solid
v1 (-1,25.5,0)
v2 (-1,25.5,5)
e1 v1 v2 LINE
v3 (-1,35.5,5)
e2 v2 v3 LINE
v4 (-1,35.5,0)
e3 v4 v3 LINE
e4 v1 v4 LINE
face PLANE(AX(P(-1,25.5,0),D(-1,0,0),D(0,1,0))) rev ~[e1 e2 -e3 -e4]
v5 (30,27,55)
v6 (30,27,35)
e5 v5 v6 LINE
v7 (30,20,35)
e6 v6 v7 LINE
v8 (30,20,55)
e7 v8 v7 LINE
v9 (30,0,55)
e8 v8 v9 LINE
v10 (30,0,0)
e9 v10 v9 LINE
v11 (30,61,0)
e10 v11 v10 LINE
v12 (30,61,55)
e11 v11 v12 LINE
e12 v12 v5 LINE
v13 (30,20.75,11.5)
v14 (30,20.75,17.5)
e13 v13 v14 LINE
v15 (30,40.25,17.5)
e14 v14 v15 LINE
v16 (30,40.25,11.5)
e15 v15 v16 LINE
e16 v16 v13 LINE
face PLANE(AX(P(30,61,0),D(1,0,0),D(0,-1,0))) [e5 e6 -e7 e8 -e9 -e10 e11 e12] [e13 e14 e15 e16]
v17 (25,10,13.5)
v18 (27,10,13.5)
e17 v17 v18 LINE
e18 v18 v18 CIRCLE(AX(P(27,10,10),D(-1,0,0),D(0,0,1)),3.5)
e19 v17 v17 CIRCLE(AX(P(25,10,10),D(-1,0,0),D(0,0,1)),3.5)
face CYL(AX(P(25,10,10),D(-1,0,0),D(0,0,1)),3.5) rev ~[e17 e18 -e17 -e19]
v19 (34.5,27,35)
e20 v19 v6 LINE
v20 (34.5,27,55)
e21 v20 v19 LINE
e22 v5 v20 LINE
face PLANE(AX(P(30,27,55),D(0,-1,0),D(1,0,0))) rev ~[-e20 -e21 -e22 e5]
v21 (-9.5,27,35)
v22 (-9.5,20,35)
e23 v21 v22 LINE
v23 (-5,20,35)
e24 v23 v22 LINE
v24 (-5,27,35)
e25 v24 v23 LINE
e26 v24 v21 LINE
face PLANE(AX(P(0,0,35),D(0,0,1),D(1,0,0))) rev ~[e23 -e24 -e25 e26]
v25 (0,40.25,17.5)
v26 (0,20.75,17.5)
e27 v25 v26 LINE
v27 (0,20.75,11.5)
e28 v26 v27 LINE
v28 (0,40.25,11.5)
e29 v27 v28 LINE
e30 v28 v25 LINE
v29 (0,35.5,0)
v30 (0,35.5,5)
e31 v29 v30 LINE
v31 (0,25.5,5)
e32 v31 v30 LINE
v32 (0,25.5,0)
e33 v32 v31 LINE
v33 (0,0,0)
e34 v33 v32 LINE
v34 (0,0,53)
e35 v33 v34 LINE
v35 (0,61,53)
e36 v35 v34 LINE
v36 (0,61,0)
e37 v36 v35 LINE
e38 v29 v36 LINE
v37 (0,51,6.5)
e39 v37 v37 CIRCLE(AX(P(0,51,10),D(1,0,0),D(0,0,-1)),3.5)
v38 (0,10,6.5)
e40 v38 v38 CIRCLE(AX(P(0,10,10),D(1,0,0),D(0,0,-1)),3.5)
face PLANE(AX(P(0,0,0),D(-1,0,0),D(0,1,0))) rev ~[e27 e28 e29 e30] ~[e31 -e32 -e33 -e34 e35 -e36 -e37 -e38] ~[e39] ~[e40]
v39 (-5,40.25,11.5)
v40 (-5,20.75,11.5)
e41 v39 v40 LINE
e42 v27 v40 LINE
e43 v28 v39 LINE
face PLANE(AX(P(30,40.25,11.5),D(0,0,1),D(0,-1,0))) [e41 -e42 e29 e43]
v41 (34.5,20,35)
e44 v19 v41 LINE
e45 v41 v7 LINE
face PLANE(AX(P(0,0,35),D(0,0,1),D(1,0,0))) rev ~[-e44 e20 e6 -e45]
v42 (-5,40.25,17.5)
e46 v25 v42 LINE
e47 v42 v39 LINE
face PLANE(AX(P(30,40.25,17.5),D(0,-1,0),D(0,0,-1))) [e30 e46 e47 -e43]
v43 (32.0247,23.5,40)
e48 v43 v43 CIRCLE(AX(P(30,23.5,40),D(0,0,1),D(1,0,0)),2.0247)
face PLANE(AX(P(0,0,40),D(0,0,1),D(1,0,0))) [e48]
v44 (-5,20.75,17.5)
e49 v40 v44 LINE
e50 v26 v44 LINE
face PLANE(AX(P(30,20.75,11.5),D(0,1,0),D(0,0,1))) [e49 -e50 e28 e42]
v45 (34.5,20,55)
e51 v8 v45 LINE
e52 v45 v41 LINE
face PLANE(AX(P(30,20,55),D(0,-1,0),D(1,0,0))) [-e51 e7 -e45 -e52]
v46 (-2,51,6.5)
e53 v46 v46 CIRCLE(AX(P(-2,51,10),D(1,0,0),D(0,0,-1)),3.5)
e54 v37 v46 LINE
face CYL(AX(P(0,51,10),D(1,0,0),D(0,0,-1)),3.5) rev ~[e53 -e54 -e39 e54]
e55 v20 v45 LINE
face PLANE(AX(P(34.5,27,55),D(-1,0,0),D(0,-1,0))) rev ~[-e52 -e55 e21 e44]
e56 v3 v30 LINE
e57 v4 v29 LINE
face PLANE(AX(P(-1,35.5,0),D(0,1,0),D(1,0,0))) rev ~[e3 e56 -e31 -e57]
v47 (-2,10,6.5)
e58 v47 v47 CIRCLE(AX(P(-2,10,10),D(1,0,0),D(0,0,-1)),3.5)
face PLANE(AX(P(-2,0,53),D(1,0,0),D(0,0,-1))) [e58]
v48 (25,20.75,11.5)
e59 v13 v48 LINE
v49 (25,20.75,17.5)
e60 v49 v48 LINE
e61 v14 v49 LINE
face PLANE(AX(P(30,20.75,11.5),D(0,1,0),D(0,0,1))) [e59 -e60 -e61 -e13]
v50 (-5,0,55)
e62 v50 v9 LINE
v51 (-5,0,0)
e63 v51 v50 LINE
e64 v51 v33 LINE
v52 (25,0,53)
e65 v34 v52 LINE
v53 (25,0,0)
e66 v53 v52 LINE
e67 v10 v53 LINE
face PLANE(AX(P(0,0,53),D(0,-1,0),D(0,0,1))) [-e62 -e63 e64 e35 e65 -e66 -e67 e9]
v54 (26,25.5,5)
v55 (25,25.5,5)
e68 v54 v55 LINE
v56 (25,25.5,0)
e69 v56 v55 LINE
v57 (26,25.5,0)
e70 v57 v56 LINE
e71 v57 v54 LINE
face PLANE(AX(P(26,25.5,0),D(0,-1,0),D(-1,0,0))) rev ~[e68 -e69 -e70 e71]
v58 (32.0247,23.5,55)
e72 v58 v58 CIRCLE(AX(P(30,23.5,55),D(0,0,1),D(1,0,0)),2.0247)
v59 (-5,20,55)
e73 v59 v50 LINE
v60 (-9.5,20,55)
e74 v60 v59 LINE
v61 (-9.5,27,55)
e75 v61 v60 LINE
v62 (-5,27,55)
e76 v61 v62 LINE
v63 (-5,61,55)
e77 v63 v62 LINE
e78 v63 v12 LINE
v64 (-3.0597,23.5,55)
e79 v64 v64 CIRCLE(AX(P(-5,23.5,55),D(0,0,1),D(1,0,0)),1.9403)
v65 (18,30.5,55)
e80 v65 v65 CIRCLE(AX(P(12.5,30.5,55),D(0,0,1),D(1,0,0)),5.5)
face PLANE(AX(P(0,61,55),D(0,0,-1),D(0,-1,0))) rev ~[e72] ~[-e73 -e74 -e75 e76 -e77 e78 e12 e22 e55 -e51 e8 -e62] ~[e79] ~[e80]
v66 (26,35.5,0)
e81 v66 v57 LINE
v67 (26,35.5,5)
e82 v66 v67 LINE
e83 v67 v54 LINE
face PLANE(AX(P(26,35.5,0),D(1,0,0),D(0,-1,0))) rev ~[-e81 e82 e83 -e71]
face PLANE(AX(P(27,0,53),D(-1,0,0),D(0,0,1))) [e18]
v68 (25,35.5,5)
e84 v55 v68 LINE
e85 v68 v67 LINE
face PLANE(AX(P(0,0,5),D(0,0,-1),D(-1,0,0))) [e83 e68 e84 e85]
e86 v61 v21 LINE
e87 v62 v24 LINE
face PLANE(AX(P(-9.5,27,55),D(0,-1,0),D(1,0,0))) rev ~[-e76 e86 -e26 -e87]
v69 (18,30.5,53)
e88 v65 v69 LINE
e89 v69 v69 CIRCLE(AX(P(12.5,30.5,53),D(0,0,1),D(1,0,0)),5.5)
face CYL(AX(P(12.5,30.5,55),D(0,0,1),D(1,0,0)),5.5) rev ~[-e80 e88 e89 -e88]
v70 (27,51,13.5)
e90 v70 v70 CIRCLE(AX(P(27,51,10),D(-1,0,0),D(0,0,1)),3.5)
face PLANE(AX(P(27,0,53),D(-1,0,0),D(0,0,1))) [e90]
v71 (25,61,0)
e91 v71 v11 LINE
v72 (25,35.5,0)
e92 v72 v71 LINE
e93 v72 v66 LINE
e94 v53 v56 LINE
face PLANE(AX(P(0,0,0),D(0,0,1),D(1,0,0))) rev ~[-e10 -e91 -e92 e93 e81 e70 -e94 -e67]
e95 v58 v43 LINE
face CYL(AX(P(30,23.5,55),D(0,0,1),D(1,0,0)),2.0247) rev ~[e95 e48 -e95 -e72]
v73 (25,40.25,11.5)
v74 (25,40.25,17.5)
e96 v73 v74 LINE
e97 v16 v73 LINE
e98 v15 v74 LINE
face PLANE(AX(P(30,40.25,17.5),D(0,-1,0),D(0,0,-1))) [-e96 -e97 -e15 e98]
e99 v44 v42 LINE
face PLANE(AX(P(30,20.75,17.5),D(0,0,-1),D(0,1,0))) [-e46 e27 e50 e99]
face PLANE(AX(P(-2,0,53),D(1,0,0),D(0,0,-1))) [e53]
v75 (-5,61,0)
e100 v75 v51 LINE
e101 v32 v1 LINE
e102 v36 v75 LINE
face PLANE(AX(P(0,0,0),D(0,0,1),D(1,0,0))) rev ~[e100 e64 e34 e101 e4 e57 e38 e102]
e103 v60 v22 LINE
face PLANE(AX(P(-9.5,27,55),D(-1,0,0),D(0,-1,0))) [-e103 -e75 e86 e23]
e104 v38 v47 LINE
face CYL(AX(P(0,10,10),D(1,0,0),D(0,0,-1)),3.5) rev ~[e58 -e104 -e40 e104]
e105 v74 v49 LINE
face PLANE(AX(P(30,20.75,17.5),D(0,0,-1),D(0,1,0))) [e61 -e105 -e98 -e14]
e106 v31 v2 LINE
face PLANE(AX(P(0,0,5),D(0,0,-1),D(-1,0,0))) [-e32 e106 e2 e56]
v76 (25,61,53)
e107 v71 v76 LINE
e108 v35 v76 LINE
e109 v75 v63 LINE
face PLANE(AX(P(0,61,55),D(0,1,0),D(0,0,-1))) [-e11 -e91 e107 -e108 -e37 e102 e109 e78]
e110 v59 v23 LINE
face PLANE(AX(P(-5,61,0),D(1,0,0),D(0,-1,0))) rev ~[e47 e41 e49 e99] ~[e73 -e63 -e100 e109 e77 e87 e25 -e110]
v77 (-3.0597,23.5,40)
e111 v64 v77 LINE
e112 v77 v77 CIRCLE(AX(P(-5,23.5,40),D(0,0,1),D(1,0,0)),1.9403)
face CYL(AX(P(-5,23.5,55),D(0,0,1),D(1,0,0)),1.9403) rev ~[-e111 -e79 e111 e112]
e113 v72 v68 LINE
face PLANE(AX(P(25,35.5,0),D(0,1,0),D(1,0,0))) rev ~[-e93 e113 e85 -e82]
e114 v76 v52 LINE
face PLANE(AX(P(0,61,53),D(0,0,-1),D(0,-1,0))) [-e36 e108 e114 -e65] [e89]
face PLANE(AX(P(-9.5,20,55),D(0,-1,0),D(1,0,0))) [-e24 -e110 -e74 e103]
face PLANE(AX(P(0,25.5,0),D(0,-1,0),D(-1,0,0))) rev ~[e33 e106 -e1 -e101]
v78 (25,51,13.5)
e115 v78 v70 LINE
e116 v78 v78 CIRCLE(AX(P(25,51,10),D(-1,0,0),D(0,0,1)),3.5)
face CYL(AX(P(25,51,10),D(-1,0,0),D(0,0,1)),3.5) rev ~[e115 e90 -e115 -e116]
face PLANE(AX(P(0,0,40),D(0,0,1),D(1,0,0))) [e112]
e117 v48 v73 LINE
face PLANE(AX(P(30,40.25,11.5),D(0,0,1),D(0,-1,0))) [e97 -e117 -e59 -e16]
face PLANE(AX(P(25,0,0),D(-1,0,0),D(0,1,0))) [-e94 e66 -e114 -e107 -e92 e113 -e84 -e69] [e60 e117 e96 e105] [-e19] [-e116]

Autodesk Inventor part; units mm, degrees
ref_plane "YZ Plane" through (0, 0, 0) normal (1, 0, 0) x (0, 1, 0)
ref_plane "XZ Plane" through (0, 0, 0) normal (0, 1, 0) x (-1, 0, 0)
ref_plane "XY Plane" through (0, 0, 0) normal (0, 0, 1) x (1, 0, 0)
sketch "Skizze1" plane through (0, 0, 0) normal (0, 0, 1) x (1, 0, 0)
  line L0 (0, 0) -> (0, 61)
  line L1 (25, 0) -> (25, 61)
  line L2 (0, 61) -> (-5, 61)
  line L3 (25, 61) -> (30, 61)
  line L4 (-5, 61) -> (-5, 0)
  line L5 (-5, 0) -> (0, 0)
  line L6 (30, 61) -> (30, 0)
  line L7 (30, 0) -> (25, 0)
  dimension "d1" = 61
  dimension "d2" = 61
  dimension "d3" = 25
  dimension "d4" = 5
  dimension "d5" = 5
extrude "Extrusion1" add sketch "Skizze1" along normal blind 55
sketch "Skizze2" plane through (0, 0, 0) normal (1, 0, 0) x (0, 0, -1)
  line L0 (-55, 61) -> (-55, 0) projected
  line L1 (0, 0) -> (-55, 0) projected
  line L2 (-55, 61) -> (-53, 61)
  line L3 (-53, 61) -> (-53, 0)
  line L4 (-53, 0) -> (-55, 0)
  line L5 (-55, 0) -> (-55, 61)
  dimension "d8" = 2
extrude "Extrusion2" add sketch "Skizze2" along normal blind 25
sketch "Skizze3" plane through (0, 0, 55) normal (0, 0, 1) x (1, 0, 0)
  circle A0 centre (12.5, 30.5) radius 5.5
  line L0 (30, 61) -> (-5, 61) projected
  line L1 (30, 0) -> (30, 61) projected
  line L2 (30, 0) -> (-5, 0) projected
  line L3 (-5, 0) -> (-5, 61) projected
  line L4 (30, 61) -> (-5, 61) projected
  line L5 (-5, 61) -> (-5, 0) projected
  line L6 (-5, 0) -> (30, 0) projected
  line L7 (30, 0) -> (30, 61) projected
  line L8 (30, 61) -> (30, 0) projected
  line L9 (-5, 61) -> (30, 61) projected
  point P0 (0, 0)
  dimension "d11" = 30.5
  dimension "d12" = 17.5
  dimension "d13" = 11
extrude "Extrusion3" cut sketch "Skizze3" against normal blind 2.5 contours A0
sketch "Skizze4" plane through (0, 0, 55) normal (0, 0, 1) x (1, 0, 0)
  circle A0 centre (12.5, 30.5) radius 5.5 projected
  circle A1 centre (12.5, 30.5) radius 5.5 projected
  circle A2 centre (12.5, 30.5) radius 5.5 projected
  line L0 (-9.5, 27) -> (-9.5, 20)
  line L1 (34.5, 27) -> (34.5, 20)
  line L2 (30, 61) -> (30, 0) projected
  line L3 (-5, 61) -> (-5, 0) projected
  line L4 (-9.5, 27) -> (-2.5, 27)
  line L5 (27.5, 27) -> (34.5, 27)
  line L6 (-9.5, 20) -> (-2.5, 20)
  line L7 (27.5, 20) -> (34.5, 20)
  line L8 (-2.5, 20) -> (-2.5, 27)
  line L9 (27.5, 27) -> (27.5, 20)
  line L10 (30, 61) -> (30, 0) projected
  line L11 (30, 0) -> (-5, 0) projected
  line L12 (-5, 0) -> (-5, 61) projected
  line L13 (-5, 61) -> (30, 61) projected
  line L14 (30, 61) -> (30, 0) projected
  line L15 (30, 0) -> (-5, 0) projected
  line L16 (-5, 0) -> (-5, 61) projected
  line L17 (-5, 61) -> (30, 61) projected
  line L18 (30, 61) -> (30, 0) projected
  line L19 (30, 0) -> (-5, 0) projected
  line L20 (-5, 0) -> (-5, 61) projected
  line L21 (-5, 61) -> (30, 61) projected
  point P0 (0, 0)
  point P1 (27.5, 61)
  point P2 (27.5, 0)
  point P3 (-2.5, 0)
  point P4 (-2.5, 61)
  dimension "d29" = 7
  dimension "d30" = 7
  dimension "d31" = 7
  dimension "d32" = 7
extrude "Extrusion4" add sketch "Skizze4" against normal blind 20 contours L4 L3 L6 L0 | L4 L8 L6 L3 | L5 L1 L7 L2 | L2 L7 L9 L5
sketch "Skizze5" plane through (0, 0, 55) normal (0, 0, 1) x (1, 0, 0)
  circle A0 centre (-5, 23.5) radius 1.9403
  circle A1 centre (30, 23.5) radius 2.0247
  circle A2 centre (12.5, 30.5) radius 5.5 projected
  line L0 (-9.5, 20) -> (-9.5, 27) projected
  dimension "d25" = 35
  dimension "d27" = 7
  dimension "d28" = 7
  dimension "d33" = 17.5
extrude "Extrusion5" cut sketch "Skizze5" against normal blind 15 contours A0 | A1
sketch "Skizze6" plane through (30, 0, 0) normal (1, 0, 0) x (0, 0, -1)
  line L0 (-17.5, 40.25) -> (-11.5, 40.25)
  line L1 (-11.5, 40.25) -> (-11.5, 20.75)
  line L2 (-11.5, 20.75) -> (-17.5, 20.75)
  line L3 (-17.5, 20.75) -> (-17.5, 40.25)
  line L4 (0, 61) -> (0, 0) projected
  line L5 (0, 0) -> (-55, 0) projected
  line L6 (-55, 27) -> (-35, 27) projected
  line L7 (-35, 27) -> (-35, 20) projected
  line L8 (-35, 20) -> (-55, 20) projected
  line L9 (-55, 0) -> (-55, 20) projected
  line L10 (0, 0) -> (-55, 0) projected
  line L11 (0, 61) -> (0, 0) projected
  line L12 (0, 61) -> (-55, 61) projected
  line L13 (-55, 27) -> (-55, 61) projected
  point P0 (-17.5, 30.5)
  dimension "d36" = 6
  dimension "d37" = 19.5
  dimension "d38" = 11.5
  dimension "d40" = 30.5
extrude "Extrusion6" cut sketch "Skizze6" against normal blind 35 contours L0 L1 L2 L3
sketch "Skizze8" plane through (0, 0, 0) normal (0, 0, -1) x (-1, 0, 0)
  line L0 (0, 20.75) -> (0, 40.25) projected
  line L1 (1, 35.5) -> (0, 35.5)
  line L2 (0, 35.5) -> (0, 25.5)
  line L3 (0, 25.5) -> (1, 25.5)
  line L4 (1, 25.5) -> (1, 35.5)
  line L5 (0, 61) -> (5, 61) projected
  line L6 (-25, 0) -> (-25, 61) projected
  line L7 (-25, 35.5) -> (-26, 35.5)
  line L8 (-26, 35.5) -> (-26, 25.5)
  line L9 (-26, 25.5) -> (-25, 25.5)
  line L10 (-25, 25.5) -> (-25, 35.5)
  point P0 (0, 0)
  point P1 (1, 30.5)
  point P2 (13.2784, 51.1394)
  dimension "d43" = 1
  dimension "d44" = 10
  dimension "d45" = 30.5
  dimension "d46" = 1
extrude "Extrusion7" cut sketch "Skizze8" against normal blind 5
sketch "Skizze11" plane through (25, 0, 53) normal (-1, 0, 0) x (0, 0, 1)
  circle A0 centre (-43, 10) radius 3.5
  circle A1 centre (-43, 51) radius 3.5
  line L0 (-53, 61) -> (-53, 0) projected
  line L1 (-53, 0) -> (2, 0) projected
  line L2 (-53, 61) -> (2, 61) projected
  dimension "d63" = 7
  dimension "d64" = 7
  dimension "d65" = 10
  dimension "d66" = 10
  dimension "d67" = 10
  dimension "d68" = 10
sketch "Skizze12" plane through (0, 0, 53) normal (1, 0, 0) x (0, 0, -1)
  circle A0 centre (43, 10) radius 3.5
  circle A1 centre (43, 51) radius 3.5
  line L0 (53, 61) -> (53, 0) projected
  line L1 (53, 0) -> (-2, 0) projected
  line L2 (53, 61) -> (-2, 61) projected
  dimension "d69" = 7
  dimension "d70" = 7
  dimension "d71" = 10
  dimension "d72" = 10
  dimension "d73" = 10
  dimension "d74" = 10
extrude "Extrusion8" cut sketch "Skizze11" against normal blind 2
extrude "Extrusion9" cut sketch "Skizze12" against normal blind 2
properties part number "motor_mount"
